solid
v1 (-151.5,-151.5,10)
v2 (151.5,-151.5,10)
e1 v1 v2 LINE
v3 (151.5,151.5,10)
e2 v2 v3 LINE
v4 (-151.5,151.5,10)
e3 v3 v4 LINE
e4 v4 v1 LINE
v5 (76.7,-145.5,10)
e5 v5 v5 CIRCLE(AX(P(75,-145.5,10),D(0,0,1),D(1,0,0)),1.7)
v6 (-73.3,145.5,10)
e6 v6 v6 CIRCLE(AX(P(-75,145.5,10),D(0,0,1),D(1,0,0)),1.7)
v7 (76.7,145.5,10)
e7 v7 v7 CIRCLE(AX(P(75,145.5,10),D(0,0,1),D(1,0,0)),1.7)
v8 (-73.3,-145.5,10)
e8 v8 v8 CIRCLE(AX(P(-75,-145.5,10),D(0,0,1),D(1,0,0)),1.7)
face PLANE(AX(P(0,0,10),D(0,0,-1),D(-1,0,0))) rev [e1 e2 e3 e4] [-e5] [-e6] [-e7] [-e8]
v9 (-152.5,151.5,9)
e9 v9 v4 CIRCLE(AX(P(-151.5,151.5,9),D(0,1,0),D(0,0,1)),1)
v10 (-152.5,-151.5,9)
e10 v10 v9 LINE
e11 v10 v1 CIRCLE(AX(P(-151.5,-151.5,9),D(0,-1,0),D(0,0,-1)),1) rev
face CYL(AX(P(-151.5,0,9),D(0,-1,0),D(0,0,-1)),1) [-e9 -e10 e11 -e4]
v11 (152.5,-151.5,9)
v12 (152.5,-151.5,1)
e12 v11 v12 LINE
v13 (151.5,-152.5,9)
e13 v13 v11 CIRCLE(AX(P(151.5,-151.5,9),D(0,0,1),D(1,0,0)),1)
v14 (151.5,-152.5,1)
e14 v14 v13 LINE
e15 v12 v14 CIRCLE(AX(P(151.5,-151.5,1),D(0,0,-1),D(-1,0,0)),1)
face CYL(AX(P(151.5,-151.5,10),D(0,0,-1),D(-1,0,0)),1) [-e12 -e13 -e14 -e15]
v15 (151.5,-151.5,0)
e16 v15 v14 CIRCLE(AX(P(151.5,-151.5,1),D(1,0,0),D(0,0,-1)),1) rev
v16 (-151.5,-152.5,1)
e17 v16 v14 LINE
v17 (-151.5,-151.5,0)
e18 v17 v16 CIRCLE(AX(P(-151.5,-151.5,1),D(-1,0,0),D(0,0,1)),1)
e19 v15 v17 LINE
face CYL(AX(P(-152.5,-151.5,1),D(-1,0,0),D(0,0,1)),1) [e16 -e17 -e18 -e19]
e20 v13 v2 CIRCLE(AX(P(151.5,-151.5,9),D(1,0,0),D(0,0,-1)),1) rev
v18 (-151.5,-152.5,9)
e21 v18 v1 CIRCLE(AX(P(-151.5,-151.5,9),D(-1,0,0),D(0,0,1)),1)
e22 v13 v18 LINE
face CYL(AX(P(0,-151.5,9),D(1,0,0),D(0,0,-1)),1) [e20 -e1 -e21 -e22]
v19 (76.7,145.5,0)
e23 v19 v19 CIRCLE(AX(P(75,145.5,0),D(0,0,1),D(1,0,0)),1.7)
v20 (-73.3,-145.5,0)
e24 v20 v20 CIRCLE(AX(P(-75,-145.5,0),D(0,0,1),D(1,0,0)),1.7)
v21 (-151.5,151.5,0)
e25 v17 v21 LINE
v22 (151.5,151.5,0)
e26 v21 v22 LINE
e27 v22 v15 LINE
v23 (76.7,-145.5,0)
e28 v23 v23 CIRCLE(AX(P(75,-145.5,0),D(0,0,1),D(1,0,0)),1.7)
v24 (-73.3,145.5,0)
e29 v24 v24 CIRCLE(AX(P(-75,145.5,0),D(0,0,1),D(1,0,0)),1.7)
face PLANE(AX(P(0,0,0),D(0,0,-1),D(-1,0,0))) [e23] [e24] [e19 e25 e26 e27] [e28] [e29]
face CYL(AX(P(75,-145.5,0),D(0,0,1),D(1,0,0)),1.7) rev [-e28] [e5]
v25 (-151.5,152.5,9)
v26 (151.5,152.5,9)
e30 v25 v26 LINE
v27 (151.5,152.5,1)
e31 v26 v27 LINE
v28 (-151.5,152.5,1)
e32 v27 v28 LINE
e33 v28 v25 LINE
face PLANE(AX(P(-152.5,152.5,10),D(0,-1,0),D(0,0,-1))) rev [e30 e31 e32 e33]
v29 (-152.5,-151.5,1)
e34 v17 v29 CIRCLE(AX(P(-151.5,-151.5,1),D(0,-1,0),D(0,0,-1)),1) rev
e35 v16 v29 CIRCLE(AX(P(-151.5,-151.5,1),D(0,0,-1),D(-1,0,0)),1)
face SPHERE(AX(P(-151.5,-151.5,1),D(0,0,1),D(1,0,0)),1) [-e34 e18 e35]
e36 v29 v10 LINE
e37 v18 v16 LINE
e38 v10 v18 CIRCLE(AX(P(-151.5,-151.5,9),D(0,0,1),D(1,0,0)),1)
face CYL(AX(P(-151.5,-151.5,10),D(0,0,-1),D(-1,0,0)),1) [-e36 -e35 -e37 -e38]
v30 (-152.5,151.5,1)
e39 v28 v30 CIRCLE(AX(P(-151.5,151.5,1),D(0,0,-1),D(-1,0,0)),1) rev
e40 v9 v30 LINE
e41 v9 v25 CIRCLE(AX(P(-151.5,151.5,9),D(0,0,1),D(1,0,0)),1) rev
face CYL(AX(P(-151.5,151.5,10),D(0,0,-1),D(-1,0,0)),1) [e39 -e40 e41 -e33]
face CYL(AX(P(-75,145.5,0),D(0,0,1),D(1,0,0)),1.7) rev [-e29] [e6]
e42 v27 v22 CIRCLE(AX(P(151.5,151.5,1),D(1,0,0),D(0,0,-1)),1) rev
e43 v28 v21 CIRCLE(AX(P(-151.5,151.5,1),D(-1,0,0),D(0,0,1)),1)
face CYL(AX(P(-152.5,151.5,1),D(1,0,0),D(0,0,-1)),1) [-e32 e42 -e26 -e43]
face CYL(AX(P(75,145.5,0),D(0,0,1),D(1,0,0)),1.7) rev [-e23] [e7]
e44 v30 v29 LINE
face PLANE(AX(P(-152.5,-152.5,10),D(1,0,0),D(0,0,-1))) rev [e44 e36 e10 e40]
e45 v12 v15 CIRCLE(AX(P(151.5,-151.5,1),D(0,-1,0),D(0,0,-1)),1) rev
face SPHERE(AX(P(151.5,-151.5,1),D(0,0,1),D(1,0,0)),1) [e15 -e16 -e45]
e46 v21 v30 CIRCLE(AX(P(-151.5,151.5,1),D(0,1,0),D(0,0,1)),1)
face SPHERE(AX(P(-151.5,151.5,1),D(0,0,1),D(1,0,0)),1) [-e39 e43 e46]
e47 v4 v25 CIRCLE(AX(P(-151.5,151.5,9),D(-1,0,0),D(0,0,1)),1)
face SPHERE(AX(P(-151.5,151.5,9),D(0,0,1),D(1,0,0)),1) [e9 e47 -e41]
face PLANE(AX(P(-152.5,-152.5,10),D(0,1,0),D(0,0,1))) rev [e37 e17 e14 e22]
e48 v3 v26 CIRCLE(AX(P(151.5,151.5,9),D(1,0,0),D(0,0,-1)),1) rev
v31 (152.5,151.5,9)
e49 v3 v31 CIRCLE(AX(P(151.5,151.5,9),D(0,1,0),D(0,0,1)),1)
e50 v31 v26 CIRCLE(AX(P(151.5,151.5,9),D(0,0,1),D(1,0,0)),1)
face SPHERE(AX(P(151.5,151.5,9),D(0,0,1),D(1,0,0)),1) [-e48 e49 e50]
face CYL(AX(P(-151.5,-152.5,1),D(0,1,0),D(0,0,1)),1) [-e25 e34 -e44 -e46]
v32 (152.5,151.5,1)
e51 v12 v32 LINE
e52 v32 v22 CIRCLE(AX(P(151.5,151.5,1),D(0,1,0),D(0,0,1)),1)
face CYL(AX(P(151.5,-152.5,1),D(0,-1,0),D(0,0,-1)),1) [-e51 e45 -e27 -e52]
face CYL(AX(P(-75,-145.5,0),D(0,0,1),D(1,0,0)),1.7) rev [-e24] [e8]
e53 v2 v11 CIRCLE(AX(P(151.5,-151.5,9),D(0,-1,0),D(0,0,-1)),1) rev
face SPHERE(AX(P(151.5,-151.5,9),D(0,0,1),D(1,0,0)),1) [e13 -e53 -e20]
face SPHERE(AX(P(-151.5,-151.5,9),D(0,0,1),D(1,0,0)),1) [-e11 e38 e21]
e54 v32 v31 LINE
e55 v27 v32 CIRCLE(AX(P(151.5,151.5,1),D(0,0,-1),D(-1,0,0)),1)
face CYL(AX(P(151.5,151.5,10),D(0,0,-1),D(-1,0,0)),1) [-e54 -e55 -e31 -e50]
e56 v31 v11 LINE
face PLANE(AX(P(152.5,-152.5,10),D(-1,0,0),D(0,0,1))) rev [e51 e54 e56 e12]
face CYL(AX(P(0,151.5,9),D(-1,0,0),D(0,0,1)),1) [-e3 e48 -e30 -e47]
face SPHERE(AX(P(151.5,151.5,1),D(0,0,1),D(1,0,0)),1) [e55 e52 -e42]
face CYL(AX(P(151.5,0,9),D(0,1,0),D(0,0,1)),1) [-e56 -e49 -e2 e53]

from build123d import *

# Parameters (mm, degrees)
SKETCH1_W            = 305
SKETCH1_H            = 305
CAST_ALUMINIUM_DEPTH = 10
CORNER_FILLETS_R     = 1
SKETCH2_R            = 1.7
MOUNTING_HOLES_DEPTH = 216.899282074


with BuildPart() as part:
    # Sketch1 → cast aluminium (new body)
    with BuildSketch(Plane.XY):
        Rectangle(SKETCH1_W, SKETCH1_H)
    extrude(amount=CAST_ALUMINIUM_DEPTH)

    # corner fillets
    corner_fillets_edges = [part.edges().sort_by_distance(p)[0] for p in [
        (-152.5, 0, 10),
        (0, -152.5, 10),
        (152.5, 0, 10),
        (0, -152.5, 0),
        (-152.5, 0, 0),
        (0, 152.5, 0),
        (152.5, 0, 0),
        (152.5, -152.5, 5),
        (-152.5, -152.5, 5),
        (-152.5, 152.5, 5),
        (152.5, 152.5, 5),
        (0, 152.5, 10),
    ]]
    fillet(corner_fillets_edges, radius=CORNER_FILLETS_R)

    # Sketch2 → mounting holes (cut, through all)
    with BuildSketch(Plane.XY.offset(10)):
        with Locations((-75, 145.5)):
            Circle(SKETCH2_R)
        with Locations((75, 145.5)):
            Circle(SKETCH2_R)
        with Locations((75, -145.5)):
            Circle(SKETCH2_R)
        with Locations((-75, -145.5)):
            Circle(SKETCH2_R)
    extrude(amount=-MOUNTING_HOLES_DEPTH, mode=Mode.SUBTRACT)


solid = part.part
